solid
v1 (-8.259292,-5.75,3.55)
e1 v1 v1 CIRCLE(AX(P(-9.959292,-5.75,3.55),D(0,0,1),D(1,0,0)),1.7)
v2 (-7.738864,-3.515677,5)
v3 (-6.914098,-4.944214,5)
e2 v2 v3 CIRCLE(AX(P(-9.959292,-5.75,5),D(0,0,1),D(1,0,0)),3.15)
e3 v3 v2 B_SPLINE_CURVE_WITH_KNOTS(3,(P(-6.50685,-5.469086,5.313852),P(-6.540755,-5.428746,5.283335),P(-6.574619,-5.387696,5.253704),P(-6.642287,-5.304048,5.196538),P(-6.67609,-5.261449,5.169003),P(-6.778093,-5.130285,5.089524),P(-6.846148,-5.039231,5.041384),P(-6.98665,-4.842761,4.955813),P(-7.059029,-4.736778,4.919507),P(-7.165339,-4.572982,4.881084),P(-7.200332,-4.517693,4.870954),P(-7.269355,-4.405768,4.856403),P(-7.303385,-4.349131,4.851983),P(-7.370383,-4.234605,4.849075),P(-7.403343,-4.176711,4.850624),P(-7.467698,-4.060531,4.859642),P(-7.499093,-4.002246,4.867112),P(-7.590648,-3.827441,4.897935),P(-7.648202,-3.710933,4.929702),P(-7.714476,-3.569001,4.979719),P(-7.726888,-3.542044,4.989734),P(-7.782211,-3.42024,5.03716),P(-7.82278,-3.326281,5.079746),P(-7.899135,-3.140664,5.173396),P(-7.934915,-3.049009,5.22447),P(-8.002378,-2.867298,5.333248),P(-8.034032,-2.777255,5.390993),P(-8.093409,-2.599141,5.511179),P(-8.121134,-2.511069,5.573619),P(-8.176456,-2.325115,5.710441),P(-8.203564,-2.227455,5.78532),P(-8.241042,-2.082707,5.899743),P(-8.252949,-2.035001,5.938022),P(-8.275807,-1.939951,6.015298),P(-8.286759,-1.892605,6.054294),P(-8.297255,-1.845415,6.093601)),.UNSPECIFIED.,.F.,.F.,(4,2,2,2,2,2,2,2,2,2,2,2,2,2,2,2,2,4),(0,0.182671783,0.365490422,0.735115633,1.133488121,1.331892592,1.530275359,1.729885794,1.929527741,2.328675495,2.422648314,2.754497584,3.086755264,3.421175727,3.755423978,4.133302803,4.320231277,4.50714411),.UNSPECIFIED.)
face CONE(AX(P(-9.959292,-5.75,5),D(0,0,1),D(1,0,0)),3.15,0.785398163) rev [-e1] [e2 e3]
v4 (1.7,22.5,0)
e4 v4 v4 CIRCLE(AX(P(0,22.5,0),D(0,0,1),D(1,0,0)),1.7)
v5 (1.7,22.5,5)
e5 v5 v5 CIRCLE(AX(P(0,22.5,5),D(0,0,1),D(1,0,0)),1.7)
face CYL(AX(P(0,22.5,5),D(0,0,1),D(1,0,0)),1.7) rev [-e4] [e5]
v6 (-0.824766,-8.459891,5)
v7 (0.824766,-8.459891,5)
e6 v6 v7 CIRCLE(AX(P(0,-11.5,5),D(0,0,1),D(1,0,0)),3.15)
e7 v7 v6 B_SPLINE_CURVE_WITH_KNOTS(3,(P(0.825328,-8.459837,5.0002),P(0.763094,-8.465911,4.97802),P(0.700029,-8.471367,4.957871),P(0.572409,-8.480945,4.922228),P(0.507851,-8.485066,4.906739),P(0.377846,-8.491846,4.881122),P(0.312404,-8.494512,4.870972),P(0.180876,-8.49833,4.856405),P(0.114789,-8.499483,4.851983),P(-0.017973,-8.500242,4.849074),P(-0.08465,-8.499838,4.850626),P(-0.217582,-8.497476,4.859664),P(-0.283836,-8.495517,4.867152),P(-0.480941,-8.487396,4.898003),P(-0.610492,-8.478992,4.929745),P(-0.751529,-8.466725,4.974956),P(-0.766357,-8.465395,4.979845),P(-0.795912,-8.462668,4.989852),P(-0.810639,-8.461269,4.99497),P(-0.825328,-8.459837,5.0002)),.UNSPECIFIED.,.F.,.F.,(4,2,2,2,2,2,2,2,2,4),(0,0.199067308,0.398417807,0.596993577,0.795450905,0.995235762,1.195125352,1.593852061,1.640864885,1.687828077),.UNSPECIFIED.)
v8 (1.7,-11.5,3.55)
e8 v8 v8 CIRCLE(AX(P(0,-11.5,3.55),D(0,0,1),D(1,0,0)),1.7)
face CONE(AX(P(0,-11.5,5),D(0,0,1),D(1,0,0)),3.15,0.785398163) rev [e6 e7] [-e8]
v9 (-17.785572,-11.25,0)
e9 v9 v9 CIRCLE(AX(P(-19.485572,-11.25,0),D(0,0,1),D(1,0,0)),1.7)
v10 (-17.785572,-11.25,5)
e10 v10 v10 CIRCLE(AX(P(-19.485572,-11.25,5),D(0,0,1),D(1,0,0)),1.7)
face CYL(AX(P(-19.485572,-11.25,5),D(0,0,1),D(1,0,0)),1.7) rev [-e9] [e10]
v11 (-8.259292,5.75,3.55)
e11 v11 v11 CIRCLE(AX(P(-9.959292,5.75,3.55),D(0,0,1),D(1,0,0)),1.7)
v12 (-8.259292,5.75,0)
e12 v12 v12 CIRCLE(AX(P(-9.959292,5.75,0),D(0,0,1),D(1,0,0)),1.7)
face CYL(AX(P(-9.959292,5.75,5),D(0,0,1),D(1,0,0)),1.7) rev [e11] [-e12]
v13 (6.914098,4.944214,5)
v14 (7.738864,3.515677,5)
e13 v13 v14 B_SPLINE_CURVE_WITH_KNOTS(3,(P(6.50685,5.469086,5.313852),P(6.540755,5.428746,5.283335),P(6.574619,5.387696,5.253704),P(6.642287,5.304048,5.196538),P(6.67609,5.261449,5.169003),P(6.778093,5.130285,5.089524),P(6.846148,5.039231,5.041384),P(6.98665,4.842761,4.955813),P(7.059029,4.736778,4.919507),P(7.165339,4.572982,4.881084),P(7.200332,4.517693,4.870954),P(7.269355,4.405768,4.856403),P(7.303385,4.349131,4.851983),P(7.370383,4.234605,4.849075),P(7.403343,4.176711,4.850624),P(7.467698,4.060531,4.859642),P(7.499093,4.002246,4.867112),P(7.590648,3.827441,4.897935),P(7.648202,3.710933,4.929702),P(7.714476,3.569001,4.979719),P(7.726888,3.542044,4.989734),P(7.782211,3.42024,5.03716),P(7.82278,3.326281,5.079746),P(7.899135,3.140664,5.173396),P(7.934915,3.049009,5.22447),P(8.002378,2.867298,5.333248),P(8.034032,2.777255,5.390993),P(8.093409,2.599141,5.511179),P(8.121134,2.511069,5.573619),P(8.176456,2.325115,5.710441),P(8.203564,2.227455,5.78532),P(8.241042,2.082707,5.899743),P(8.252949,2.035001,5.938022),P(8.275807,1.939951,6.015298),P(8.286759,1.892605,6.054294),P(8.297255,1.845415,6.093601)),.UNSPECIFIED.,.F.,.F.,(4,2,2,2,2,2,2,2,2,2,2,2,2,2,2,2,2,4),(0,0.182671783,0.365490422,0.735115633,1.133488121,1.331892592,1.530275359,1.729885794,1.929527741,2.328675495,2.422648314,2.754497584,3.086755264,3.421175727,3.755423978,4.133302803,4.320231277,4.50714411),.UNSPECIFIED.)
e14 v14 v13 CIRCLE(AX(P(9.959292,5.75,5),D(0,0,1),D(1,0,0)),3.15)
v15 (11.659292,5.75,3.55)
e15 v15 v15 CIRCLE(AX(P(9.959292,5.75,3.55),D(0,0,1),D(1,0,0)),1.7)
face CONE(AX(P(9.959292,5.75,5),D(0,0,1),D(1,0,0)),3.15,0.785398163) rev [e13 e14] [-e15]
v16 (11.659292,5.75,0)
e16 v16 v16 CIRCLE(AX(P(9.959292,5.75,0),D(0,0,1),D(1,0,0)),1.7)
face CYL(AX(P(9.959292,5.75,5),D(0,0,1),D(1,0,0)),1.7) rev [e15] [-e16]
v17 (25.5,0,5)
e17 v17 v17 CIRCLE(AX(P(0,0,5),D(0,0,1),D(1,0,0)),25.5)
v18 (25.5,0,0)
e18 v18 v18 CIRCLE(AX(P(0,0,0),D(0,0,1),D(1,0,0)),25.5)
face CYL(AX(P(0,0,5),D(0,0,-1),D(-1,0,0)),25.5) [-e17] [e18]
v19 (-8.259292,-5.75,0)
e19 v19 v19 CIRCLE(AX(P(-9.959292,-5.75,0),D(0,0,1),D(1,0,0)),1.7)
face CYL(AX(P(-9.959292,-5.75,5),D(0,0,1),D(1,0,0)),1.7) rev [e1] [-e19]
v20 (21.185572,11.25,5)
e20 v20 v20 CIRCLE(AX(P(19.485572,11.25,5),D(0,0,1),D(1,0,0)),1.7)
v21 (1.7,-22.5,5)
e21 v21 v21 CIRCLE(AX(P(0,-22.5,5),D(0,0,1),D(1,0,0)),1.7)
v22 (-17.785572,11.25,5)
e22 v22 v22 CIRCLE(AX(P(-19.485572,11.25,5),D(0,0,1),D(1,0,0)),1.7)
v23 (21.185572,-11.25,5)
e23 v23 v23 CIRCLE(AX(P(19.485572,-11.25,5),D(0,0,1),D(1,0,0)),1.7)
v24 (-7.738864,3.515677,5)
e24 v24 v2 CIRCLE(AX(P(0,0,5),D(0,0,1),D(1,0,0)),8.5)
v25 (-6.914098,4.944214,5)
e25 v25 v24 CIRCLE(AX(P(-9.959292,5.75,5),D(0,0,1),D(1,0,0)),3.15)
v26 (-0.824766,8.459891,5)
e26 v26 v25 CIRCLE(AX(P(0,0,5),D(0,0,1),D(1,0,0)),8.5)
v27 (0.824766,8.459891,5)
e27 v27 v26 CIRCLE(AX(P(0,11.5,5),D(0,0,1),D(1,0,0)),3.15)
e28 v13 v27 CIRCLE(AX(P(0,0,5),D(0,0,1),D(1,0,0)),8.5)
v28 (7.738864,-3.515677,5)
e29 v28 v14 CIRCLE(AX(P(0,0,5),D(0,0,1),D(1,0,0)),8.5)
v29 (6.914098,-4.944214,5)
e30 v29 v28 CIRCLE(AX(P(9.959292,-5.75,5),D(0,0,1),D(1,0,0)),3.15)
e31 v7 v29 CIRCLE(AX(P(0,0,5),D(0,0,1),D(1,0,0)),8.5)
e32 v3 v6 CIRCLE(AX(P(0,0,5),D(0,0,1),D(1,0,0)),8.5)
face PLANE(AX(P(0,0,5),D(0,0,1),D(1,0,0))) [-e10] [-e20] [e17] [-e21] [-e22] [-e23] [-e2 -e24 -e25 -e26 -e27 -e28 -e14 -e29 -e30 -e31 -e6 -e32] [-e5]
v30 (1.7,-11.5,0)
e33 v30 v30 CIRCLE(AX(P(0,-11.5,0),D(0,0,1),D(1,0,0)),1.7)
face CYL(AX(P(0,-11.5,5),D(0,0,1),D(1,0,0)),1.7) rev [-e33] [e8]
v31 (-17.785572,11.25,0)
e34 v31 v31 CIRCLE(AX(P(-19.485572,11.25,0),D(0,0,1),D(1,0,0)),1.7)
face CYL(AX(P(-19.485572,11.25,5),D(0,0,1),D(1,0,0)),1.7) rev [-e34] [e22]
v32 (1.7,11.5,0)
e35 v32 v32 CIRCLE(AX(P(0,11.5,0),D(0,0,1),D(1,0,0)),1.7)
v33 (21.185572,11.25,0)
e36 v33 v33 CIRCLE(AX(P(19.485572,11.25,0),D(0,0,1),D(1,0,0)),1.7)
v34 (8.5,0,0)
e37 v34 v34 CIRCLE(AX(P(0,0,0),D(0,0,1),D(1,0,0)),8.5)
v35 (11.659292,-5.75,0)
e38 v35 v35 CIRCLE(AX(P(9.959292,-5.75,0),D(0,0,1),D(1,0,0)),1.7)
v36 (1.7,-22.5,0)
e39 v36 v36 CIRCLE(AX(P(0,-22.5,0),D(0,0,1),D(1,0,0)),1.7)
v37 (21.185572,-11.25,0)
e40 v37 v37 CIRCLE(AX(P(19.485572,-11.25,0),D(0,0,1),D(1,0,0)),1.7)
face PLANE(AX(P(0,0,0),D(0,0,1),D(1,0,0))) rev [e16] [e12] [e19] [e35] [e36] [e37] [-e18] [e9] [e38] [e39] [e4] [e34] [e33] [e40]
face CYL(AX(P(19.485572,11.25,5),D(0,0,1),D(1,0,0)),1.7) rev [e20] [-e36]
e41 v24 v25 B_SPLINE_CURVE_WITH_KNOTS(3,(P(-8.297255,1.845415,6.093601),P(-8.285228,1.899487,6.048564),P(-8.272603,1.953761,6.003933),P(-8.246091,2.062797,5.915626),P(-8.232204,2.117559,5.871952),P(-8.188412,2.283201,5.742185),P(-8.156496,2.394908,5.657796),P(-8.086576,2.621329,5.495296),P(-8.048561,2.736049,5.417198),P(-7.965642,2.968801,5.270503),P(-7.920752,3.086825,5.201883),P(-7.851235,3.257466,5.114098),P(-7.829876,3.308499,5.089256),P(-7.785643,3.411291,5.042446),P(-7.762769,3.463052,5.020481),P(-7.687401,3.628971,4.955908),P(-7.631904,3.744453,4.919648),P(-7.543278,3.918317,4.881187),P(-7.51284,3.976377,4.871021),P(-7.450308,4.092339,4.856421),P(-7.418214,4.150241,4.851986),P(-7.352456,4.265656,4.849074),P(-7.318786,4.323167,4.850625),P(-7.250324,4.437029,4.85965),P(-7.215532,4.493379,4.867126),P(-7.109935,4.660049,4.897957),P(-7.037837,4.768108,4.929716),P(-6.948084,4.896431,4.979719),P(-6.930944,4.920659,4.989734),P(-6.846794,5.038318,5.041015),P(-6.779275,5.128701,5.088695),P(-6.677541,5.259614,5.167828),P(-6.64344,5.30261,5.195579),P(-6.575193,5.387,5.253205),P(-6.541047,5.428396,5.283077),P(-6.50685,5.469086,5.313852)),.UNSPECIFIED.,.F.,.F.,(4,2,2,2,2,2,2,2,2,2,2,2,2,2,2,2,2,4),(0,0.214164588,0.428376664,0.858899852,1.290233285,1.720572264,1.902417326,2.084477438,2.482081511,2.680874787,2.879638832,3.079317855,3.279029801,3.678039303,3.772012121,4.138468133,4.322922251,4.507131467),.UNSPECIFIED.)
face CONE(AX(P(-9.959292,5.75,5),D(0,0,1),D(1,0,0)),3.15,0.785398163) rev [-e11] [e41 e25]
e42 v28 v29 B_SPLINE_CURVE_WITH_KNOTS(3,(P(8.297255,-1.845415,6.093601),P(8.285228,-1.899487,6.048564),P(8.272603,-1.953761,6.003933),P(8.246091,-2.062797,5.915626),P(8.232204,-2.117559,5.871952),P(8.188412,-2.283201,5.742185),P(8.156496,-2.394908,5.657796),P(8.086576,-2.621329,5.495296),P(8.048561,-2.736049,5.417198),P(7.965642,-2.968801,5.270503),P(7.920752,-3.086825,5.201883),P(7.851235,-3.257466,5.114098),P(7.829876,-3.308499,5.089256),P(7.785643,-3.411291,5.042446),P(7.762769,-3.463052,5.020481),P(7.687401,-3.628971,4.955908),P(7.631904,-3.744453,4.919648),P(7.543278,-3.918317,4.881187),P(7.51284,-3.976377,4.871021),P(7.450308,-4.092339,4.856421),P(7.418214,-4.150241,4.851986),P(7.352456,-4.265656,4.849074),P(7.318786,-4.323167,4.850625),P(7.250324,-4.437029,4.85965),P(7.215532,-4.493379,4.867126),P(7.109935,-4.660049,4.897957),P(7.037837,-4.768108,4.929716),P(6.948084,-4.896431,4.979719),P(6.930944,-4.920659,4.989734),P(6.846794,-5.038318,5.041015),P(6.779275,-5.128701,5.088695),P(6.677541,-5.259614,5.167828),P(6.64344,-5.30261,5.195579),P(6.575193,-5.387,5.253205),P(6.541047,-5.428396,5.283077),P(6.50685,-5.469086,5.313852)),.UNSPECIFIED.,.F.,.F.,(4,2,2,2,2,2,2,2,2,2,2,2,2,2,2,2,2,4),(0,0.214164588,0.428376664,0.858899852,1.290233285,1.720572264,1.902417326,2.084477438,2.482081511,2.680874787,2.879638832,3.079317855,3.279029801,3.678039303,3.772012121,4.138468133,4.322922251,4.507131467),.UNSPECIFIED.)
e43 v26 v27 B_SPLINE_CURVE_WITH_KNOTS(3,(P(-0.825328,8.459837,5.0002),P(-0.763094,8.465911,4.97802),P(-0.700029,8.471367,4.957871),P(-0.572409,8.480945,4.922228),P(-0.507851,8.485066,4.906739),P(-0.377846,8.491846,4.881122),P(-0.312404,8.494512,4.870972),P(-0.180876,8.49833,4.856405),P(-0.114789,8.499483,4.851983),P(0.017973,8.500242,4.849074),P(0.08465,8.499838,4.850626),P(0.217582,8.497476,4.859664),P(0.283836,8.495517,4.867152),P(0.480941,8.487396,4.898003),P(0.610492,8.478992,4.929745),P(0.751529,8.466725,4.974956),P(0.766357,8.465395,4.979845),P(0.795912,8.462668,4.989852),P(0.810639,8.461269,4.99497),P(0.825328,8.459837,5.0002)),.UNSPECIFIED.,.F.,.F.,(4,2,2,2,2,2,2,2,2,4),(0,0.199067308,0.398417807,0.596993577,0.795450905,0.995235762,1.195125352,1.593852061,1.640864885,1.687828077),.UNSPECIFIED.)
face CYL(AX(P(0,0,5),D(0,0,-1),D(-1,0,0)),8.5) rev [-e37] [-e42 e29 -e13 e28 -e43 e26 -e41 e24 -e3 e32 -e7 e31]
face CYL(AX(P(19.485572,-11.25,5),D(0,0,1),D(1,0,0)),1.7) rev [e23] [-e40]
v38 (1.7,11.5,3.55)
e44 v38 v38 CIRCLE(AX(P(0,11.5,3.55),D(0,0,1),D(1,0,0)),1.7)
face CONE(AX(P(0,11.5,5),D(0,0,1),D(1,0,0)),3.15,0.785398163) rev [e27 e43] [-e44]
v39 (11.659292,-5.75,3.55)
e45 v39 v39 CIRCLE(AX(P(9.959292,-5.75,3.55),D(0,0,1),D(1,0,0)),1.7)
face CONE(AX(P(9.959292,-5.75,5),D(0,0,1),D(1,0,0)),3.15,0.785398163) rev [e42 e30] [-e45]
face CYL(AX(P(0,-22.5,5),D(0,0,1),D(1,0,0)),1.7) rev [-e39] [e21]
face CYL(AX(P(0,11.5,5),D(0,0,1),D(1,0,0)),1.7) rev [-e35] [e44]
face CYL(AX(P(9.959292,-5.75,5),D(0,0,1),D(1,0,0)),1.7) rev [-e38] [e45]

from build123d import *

# Parameters (mm, degrees)
SKETCH1_R           = 25.5
SKETCH1_R_2         = 8.5
BOSS_EXTRUDE1_DEPTH = 5
CIRPATTERN1_COUNT   = 6


with BuildPart() as part:
    # Sketch1 → Boss-Extrude1 (new body)
    with BuildSketch(Plane.XY):
        Circle(SKETCH1_R)
        Circle(SKETCH1_R_2, mode=Mode.SUBTRACT)
    extrude(amount=BOSS_EXTRUDE1_DEPTH)

    # Sketch3 → M3 Clearance Hole1 (revolve, cut)
    with BuildSketch(Plane(origin=(0, 22.5, 5), x_dir=(0, -1, 0), z_dir=(1, 0, 0))):
        Polygon((0, 0), (0, 11.021463052), (1.7, 10), (1.7, 0), align=None)
    m3_clearance_hole1 = revolve(axis=Axis((0, 22.5, 11.35), (0, 0, -1)), mode=Mode.SUBTRACT)

    # Sketch5 → CSK for M3 Countersunk Flat Head Screw3 (revolve, cut)
    with BuildSketch(Plane(origin=(0, 11.5, 5), x_dir=(0, -1, 0), z_dir=(1, 0, 0))):
        Polygon((0, 0), (0, 11.021463052), (1.7, 10), (1.7, 1.45), (3.15, 0), align=None)
    csk_for_m3_countersunk_flat_head_screw3 = revolve(axis=Axis((0, 11.5, 11.35), (0, 0, -1)), mode=Mode.SUBTRACT)

    # CirPattern1: M3 Clearance Hole1, CSK for M3 Countersunk Flat Head Screw3 ×6 about axis
    cirpattern1_axis = Axis((0, 0, 0), (0, 0, 1))
    for i in range(1, CIRPATTERN1_COUNT):
        add(m3_clearance_hole1.rotate(cirpattern1_axis, i * 360 / CIRPATTERN1_COUNT), mode=Mode.SUBTRACT)
        add(csk_for_m3_countersunk_flat_head_screw3.rotate(cirpattern1_axis, i * 360 / CIRPATTERN1_COUNT), mode=Mode.SUBTRACT)


solid = part.part
